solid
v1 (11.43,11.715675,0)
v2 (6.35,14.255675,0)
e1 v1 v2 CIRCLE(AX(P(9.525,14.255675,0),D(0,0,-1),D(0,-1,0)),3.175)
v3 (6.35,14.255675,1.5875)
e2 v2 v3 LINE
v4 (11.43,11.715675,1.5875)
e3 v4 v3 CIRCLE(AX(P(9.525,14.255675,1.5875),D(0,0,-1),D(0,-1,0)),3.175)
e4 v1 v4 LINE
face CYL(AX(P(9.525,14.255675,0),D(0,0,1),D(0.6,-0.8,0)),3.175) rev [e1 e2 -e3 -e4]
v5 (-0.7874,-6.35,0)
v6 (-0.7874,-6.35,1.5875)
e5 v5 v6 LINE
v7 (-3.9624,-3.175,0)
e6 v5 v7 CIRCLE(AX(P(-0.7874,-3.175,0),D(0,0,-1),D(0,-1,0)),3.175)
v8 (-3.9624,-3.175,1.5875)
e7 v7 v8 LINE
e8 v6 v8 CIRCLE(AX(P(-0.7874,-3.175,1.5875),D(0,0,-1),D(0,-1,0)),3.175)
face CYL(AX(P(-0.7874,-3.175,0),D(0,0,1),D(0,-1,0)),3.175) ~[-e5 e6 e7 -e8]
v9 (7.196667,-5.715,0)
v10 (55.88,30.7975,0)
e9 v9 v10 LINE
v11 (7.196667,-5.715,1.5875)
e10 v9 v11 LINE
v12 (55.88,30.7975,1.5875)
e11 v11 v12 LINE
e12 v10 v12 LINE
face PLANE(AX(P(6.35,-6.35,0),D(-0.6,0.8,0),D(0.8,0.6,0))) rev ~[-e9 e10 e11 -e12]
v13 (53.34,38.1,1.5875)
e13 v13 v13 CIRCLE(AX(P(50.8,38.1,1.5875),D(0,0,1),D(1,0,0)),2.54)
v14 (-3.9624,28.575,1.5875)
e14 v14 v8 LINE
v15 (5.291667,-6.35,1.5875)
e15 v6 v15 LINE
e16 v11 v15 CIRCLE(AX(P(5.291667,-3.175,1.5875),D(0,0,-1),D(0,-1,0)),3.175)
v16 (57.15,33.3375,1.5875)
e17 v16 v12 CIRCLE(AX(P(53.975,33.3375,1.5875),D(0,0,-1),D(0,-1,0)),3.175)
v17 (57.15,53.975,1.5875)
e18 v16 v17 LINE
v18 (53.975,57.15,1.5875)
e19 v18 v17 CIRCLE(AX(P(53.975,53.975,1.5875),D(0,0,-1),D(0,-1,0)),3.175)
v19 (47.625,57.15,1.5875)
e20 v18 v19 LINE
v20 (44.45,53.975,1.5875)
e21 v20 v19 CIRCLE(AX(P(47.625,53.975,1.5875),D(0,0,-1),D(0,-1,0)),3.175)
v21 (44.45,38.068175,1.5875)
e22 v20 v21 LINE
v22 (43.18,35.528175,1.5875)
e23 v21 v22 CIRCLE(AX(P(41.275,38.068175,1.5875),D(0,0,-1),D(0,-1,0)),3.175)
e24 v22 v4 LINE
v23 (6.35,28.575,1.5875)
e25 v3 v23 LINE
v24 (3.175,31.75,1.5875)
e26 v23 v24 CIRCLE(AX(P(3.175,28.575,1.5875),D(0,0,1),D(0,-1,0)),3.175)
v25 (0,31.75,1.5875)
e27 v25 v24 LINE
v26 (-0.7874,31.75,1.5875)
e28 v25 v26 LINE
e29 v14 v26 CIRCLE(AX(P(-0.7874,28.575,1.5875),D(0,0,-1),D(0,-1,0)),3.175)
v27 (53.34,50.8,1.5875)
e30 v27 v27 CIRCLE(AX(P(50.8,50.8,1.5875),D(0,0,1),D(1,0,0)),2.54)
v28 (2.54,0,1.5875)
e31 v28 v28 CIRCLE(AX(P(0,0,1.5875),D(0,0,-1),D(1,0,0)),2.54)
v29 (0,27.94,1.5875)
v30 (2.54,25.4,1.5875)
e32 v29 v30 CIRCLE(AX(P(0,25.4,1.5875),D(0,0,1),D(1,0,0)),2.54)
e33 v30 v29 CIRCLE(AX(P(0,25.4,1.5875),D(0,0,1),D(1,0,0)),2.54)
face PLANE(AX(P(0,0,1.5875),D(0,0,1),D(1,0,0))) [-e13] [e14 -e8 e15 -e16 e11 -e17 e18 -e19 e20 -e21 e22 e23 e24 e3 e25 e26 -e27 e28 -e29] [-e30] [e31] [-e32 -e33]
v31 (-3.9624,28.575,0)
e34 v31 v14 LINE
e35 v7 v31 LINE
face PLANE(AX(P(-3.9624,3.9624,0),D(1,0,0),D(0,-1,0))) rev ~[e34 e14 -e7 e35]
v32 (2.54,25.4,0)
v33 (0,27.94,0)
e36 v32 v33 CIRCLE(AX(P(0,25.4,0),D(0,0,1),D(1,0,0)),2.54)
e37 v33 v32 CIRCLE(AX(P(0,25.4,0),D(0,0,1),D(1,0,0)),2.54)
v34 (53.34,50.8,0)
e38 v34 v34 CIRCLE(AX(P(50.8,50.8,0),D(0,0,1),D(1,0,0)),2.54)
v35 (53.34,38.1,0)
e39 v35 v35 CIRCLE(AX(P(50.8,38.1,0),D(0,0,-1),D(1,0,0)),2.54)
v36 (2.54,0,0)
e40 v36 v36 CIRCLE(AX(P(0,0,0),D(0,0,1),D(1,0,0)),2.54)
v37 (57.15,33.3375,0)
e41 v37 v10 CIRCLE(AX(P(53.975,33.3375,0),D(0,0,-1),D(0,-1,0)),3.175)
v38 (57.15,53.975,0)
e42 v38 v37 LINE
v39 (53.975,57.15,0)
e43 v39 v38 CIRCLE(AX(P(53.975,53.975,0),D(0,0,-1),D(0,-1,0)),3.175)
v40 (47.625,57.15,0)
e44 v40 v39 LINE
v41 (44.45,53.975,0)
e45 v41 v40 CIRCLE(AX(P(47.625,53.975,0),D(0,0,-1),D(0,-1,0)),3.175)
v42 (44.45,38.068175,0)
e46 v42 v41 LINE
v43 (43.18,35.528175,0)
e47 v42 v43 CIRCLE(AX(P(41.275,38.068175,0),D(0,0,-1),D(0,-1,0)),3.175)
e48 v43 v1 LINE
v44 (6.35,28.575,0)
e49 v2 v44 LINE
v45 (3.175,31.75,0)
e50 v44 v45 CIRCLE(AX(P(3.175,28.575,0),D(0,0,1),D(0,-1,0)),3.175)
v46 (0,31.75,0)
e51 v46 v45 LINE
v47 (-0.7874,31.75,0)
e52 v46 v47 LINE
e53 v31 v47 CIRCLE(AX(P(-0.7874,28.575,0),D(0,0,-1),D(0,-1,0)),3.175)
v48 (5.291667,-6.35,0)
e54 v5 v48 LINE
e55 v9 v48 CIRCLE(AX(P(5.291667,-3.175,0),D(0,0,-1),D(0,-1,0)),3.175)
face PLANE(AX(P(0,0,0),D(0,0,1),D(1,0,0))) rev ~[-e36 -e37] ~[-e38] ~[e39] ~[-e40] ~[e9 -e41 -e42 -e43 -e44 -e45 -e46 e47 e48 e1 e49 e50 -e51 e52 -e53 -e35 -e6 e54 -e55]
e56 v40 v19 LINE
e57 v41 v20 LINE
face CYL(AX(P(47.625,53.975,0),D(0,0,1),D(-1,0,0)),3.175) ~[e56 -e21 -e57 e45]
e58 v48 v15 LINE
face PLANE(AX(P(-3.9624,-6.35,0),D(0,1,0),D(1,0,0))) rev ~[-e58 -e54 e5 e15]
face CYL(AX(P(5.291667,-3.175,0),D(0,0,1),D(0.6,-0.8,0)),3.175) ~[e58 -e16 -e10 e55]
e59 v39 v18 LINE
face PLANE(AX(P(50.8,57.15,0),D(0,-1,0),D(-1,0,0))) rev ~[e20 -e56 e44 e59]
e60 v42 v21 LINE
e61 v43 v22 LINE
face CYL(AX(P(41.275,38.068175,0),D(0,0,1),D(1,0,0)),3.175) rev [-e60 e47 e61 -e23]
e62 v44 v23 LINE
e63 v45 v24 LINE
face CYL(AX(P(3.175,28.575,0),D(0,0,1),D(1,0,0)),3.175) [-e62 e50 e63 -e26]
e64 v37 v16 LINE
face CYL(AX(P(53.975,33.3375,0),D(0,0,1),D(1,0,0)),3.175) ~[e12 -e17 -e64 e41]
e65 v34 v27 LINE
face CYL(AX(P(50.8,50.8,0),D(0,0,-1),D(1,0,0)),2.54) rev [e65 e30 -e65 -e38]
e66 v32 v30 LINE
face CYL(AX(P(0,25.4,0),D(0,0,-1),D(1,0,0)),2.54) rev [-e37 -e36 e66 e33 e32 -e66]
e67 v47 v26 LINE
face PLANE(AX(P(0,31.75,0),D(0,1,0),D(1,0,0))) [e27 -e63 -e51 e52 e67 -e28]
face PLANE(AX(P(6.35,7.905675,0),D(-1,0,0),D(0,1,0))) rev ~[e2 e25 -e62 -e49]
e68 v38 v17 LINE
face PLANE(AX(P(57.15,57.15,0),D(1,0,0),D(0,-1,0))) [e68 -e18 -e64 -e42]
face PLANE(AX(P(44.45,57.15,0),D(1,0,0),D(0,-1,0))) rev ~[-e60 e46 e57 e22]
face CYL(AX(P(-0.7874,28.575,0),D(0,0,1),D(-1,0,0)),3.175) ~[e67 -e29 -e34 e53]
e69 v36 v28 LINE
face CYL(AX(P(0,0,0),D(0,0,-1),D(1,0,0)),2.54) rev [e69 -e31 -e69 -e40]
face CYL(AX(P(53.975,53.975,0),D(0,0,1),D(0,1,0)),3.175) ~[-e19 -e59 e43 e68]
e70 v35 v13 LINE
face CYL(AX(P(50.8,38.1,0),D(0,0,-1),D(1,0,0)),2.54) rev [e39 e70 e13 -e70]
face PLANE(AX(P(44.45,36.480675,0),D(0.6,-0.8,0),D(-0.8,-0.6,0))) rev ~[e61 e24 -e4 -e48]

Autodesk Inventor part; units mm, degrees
ref_plane "YZ Plane" through (0, 0, 0) normal (1, 0, 0) x (0, 1, 0)
ref_plane "XZ Plane" through (0, 0, 0) normal (0, 1, 0) x (-1, 0, 0)
ref_plane "XY Plane" through (0, 0, 0) normal (0, 0, 1) x (1, 0, 0)
sketch "Sketch1" plane through (0, 0, 0) normal (0, 0, 1) x (1, 0, 0)
  circle A0 centre (50.8, 50.8) radius 2.54
  circle A1 centre (50.8, 38.1) radius 2.54
  line L0 (50.8, 57.15) -> (57.15, 57.15)
  line L1 (57.15, 57.15) -> (57.15, 50.8)
  line L2 (50.8, 57.15) -> (44.45, 57.15)
  line L3 (44.45, 57.15) -> (44.45, 31.75)
  line L4 (44.45, 31.75) -> (57.15, 31.75)
  circle A2 centre (0, 0) radius 2.54
  circle A3 centre (0, 25.4) radius 2.54
  line L5 (57.15, 50.8) -> (57.15, 31.75)
  line L6 (50.8, 38.1) -> (50.8, 44.45)
  line L7 (50.8, 38.1) -> (57.15, 31.75)
  line L8 (50.8, 38.1) -> (44.45, 44.45)
  line L9 (0, 0) -> (6.35, 0)
  line L10 (6.35, 0) -> (6.35, 31.75)
  line L11 (6.35, -6.35) -> (6.35, 0)
  line L12 (0, 0) -> (6.35, -6.35)
  line L13 (0, 25.4) -> (0, 31.75)
  line L14 (0, 31.75) -> (-3.9624, 31.75)
  line L15 (-3.9624, 31.75) -> (-3.9624, -6.35)
  line L16 (-3.9624, -6.35) -> (6.35, -6.35)
  line L17 (6.35, -6.35) -> (57.15, 31.75)
  line L18 (0, 0) -> (-6.358, 6.358)
  line L19 (49.0039, 39.8961) -> (-1.7961, 1.7961)
  line L20 (0, 31.75) -> (6.35, 31.75)
  point P0 (6.35, 7.9056)
  point P1 (44.45, 36.4806)
  dimension "d5" = 5.08
  dimension "d13" = 5.08
  dimension "d3" = 5.08
  dimension "d7" = 6.35
  dimension "d8" = 6.35
  dimension "d12" = 25.4
  dimension "d18" = 5.08
  dimension "d24" = 6.35
  dimension "d29" = 3.9624
  dimension "d30" = 8.9916
extrude "Extrusion1" add sketch "Sketch1" along normal blind 1.5875 contours A1 L8 L3 L2 L0 L1 L5 L7 | L7 L4 L3 L19 A1 | L19 L3 L8 | L17 L11 L10 L19 L3 L4 | L12 A2 L9 L11 | L16 L15 L18 A2 L12 | L19 A2 L18 L15 L14 L20 L10 | L10 L9 A2 L19
fillet "Fillet1" radius 3.175 9 edges at (44.45, 57.15, 0.7937) (57.15, 57.15, 0.7937) (57.15, 31.75, 0.7937) (44.45, 36.4806, 0.7937) (6.35, 7.9056, 0.7937) (6.35, 31.75, 0.7937) (-3.9624, 31.75, 0.7937) (-3.9624, -6.35, 0.7937) (6.35, -6.35, 0.7937)
properties part number "funnelPoly"
